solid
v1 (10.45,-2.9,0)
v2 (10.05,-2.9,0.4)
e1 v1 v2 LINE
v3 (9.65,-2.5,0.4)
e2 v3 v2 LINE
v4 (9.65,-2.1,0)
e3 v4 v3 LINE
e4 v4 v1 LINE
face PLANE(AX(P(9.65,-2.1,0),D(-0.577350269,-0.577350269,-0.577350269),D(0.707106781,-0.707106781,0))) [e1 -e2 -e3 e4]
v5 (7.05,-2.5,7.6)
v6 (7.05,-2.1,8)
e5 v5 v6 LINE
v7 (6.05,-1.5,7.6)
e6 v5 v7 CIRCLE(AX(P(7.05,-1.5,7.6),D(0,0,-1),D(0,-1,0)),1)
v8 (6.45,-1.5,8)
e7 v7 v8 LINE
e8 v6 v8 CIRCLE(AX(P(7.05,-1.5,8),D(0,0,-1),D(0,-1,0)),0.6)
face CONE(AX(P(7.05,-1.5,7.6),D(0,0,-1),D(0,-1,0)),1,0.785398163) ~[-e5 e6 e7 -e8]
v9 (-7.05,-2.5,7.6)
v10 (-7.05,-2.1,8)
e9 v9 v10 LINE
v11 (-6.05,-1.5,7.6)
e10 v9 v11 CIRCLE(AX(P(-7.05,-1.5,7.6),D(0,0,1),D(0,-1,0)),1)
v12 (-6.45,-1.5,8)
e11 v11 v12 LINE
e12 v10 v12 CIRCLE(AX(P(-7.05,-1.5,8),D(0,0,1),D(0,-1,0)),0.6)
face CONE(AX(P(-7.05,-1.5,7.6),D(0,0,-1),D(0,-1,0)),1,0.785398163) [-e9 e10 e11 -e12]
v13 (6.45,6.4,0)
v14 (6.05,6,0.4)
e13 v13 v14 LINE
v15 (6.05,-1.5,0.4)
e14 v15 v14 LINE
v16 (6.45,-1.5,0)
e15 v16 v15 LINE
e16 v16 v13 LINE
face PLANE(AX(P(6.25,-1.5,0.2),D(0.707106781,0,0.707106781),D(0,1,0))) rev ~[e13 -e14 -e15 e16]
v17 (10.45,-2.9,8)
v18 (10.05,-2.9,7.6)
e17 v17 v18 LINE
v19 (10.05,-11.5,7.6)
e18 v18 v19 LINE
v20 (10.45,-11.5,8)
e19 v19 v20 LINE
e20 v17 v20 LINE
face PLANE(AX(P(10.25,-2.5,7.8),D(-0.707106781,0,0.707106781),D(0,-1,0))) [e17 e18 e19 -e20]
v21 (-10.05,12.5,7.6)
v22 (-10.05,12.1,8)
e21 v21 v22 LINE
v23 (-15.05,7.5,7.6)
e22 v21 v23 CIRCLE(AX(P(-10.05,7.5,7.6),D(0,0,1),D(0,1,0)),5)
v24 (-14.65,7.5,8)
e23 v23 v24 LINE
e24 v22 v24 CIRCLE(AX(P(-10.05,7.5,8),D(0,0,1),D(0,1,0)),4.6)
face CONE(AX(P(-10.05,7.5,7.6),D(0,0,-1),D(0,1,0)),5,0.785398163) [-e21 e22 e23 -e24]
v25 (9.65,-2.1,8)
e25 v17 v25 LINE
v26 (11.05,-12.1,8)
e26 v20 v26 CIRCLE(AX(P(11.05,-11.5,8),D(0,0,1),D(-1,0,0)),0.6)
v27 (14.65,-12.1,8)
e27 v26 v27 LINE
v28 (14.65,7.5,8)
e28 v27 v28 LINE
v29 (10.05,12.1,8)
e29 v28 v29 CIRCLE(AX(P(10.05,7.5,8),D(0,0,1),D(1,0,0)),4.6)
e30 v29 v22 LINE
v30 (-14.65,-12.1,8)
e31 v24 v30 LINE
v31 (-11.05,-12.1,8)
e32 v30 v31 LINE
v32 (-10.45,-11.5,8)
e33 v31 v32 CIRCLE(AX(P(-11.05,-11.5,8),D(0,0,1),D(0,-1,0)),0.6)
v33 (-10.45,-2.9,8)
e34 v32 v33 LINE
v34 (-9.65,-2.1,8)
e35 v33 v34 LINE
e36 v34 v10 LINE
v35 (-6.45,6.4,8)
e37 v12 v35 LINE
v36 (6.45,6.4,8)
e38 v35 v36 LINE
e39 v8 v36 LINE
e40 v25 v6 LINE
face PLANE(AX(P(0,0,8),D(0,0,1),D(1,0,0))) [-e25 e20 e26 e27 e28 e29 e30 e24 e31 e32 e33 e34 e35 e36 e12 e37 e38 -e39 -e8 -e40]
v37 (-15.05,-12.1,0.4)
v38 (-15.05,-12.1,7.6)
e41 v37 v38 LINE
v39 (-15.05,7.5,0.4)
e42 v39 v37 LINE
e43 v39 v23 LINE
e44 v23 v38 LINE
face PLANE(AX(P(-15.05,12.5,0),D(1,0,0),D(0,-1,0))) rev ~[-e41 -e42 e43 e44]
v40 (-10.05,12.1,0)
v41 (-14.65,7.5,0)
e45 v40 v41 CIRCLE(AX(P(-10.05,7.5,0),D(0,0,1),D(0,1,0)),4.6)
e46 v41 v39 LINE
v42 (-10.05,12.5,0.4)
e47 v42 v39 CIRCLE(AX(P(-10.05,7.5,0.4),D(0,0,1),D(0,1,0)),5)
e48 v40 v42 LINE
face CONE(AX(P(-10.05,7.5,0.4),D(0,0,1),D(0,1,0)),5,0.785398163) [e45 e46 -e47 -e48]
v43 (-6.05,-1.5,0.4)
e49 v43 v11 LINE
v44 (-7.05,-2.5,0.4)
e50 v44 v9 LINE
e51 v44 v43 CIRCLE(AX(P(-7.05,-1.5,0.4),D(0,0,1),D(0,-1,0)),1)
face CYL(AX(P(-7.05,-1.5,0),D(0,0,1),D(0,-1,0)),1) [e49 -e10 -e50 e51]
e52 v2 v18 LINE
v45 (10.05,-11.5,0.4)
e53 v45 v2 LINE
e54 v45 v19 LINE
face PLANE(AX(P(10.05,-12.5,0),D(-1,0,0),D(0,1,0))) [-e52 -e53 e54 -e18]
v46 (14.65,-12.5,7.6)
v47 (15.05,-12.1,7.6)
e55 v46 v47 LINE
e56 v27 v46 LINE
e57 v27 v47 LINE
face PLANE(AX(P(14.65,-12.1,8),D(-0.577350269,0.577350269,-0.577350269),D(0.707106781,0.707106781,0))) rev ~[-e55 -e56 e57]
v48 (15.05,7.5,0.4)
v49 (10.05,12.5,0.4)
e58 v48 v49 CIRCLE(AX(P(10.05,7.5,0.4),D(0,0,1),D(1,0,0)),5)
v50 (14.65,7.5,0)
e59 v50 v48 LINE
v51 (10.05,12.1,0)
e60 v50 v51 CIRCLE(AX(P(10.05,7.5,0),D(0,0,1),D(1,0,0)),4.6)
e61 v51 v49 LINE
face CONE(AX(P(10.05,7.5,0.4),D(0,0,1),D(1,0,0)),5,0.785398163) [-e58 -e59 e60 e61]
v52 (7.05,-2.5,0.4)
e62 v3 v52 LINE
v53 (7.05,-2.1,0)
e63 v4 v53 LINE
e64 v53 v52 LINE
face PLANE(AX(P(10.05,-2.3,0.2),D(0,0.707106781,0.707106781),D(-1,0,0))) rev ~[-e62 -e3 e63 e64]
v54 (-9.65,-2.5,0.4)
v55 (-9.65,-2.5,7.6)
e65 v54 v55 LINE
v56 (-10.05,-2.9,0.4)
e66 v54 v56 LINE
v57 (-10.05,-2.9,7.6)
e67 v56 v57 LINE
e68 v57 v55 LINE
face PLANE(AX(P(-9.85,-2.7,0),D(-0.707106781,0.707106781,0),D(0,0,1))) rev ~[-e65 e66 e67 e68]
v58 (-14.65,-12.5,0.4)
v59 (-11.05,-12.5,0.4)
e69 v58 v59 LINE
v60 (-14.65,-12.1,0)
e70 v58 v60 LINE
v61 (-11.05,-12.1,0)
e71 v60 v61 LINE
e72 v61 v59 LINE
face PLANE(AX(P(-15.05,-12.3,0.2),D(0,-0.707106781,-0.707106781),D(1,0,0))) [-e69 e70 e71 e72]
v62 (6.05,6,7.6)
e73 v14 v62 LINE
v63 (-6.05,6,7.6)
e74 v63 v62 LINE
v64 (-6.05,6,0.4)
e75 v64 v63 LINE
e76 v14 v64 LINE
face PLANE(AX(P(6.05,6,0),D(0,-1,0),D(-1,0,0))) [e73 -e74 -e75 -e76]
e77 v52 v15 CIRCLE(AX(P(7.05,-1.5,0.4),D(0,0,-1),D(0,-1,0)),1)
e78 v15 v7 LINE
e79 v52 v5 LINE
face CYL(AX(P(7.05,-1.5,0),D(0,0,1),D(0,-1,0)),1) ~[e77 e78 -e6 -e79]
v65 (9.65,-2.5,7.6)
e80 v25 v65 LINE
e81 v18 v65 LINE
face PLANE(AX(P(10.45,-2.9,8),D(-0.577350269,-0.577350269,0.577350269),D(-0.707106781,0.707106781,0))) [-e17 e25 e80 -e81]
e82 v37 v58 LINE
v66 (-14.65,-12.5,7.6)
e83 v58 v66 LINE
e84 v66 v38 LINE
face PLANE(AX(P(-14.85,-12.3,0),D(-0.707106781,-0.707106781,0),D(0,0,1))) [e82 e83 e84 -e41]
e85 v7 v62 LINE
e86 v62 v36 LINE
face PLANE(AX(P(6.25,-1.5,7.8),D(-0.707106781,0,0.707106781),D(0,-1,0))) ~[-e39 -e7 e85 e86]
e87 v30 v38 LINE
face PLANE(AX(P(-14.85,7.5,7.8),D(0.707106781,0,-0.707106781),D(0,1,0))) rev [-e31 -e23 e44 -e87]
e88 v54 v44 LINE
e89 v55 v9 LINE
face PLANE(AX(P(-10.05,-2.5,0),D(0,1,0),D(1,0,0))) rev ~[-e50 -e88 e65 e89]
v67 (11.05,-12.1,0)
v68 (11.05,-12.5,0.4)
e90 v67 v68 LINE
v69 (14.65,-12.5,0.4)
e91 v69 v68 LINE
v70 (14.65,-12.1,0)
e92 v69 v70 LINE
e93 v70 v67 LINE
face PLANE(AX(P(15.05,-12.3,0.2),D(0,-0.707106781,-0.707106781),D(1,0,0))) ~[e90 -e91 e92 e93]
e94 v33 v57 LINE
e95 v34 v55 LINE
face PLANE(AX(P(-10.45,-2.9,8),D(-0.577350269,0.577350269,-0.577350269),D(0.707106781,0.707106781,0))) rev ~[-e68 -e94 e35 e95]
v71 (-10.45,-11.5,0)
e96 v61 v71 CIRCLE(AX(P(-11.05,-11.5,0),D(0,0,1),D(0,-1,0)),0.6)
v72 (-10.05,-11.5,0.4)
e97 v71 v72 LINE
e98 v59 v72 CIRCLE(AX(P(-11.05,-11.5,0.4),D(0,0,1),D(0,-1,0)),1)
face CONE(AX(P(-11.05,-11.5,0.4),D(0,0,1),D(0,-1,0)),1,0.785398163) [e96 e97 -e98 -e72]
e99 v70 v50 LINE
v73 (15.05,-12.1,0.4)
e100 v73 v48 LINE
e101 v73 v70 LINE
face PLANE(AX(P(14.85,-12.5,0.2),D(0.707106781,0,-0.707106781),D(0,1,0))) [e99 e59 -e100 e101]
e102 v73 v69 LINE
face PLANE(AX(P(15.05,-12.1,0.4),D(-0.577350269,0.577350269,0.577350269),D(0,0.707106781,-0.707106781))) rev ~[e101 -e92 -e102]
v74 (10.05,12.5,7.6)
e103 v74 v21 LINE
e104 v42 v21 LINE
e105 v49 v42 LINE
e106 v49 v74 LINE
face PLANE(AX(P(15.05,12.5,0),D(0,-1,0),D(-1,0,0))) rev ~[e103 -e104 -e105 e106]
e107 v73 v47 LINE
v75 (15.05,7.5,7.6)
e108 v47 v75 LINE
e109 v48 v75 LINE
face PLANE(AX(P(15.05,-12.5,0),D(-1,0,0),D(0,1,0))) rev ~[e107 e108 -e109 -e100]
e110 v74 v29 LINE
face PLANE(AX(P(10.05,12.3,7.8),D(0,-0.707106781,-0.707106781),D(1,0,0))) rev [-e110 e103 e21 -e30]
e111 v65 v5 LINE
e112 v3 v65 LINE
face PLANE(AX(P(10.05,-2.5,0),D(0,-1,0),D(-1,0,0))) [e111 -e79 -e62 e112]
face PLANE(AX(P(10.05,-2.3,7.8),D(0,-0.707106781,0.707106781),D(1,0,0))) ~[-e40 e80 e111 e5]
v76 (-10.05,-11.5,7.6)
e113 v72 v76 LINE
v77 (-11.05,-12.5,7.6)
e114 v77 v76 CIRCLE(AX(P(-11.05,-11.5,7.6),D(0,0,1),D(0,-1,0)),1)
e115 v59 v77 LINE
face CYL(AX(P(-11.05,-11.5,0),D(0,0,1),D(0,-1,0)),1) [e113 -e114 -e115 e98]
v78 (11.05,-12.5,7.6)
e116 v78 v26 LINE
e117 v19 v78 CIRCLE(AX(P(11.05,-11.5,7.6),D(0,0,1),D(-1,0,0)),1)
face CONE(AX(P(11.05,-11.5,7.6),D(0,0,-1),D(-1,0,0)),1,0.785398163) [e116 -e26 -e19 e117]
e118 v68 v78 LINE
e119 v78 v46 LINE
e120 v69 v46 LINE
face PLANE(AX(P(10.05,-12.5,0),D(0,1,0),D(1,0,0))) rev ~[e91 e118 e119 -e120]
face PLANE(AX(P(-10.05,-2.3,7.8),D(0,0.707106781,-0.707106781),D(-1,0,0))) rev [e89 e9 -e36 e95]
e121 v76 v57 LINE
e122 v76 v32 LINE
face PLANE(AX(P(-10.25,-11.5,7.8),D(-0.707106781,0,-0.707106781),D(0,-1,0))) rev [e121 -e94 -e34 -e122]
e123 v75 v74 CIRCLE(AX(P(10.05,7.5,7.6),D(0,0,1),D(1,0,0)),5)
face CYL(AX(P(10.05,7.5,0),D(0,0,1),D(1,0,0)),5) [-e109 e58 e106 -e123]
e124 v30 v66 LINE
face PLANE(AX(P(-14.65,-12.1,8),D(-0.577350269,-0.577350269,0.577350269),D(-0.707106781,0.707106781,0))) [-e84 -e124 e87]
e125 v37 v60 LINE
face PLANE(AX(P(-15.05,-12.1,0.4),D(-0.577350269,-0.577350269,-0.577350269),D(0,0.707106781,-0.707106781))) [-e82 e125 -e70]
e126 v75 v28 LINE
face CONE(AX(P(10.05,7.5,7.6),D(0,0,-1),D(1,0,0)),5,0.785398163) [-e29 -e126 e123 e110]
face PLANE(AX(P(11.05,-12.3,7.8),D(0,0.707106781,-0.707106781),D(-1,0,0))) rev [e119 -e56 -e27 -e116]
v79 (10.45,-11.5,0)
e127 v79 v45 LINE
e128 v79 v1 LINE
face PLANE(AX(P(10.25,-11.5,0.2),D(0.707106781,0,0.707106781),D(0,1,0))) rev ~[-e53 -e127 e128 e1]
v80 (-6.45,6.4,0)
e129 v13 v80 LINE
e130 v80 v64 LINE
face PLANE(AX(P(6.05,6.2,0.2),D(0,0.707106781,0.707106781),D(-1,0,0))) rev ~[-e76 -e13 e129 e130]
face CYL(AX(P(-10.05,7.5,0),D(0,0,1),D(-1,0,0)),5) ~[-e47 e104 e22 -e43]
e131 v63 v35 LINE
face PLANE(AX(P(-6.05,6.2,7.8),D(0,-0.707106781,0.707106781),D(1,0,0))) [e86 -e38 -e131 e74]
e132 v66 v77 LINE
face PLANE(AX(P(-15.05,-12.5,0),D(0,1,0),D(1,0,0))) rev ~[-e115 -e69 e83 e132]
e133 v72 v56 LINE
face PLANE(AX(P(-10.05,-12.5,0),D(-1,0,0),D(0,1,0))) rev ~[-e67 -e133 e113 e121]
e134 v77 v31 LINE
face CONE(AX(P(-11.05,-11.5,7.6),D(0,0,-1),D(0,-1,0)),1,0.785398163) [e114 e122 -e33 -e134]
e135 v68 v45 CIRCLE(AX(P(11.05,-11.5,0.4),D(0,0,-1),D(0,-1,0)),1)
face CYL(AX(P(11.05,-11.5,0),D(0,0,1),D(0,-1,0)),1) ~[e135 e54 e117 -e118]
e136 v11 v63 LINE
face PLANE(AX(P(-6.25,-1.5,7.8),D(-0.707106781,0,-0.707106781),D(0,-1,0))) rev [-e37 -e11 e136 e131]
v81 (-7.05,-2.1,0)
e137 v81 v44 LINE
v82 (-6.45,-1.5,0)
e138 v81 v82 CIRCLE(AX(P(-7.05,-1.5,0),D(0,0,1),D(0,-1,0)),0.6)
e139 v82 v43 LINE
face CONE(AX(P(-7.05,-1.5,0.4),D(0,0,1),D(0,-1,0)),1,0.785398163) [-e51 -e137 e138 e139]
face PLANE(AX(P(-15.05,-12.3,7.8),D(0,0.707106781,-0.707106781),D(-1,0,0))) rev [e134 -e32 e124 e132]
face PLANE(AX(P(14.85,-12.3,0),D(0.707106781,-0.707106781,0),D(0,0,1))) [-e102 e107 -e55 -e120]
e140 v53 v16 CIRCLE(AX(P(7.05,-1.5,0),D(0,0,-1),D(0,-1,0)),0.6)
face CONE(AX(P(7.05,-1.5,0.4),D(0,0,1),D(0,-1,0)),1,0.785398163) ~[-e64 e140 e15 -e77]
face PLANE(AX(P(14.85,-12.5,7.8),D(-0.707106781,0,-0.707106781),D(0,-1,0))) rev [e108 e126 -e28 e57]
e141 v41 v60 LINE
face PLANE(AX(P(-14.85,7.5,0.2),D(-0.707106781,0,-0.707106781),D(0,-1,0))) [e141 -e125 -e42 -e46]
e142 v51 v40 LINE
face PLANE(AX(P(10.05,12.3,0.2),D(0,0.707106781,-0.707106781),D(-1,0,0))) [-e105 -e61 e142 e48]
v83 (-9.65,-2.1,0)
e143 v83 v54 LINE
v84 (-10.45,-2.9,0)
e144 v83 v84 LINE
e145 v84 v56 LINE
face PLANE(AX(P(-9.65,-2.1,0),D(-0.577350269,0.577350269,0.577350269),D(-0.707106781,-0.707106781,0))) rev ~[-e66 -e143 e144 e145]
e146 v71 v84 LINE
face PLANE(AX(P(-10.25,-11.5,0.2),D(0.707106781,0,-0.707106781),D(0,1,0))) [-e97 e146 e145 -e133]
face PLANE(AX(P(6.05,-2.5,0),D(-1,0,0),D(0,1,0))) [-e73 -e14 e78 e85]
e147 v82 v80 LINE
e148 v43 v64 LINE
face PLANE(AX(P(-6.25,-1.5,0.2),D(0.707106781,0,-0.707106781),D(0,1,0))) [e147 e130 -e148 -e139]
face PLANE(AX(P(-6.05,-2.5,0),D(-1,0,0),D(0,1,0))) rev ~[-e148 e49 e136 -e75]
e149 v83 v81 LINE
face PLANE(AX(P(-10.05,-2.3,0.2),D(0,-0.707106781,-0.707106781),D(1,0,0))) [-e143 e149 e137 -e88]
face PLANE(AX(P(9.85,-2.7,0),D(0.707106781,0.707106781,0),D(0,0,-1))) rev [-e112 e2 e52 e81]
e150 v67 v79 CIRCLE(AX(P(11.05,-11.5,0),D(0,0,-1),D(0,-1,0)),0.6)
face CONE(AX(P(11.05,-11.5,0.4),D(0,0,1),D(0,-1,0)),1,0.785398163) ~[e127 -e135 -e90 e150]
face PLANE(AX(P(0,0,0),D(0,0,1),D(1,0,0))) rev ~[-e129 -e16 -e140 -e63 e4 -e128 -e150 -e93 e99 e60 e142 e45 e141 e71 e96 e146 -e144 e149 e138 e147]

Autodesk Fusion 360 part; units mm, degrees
sketch "Sketch1" plane through (0, 0, 0) normal (0, 0, 1) x (1, 0, 0)
  line L0 (15.05, 12.5) -> (-15.05, 12.5)
  line L1 (-15.05, 12.5) -> (-15.05, -12.5)
  line L2 (-15.05, -12.5) -> (15.05, -12.5)
  line L3 (15.05, -12.5) -> (15.05, 12.5)
  line L4 (15.05, 12.5) -> (-15.05, -12.5) construction
  line L5 (-15.05, 12.5) -> (15.05, -12.5) construction
  line L6 (-10.05, -12.5) -> (-10.05, -2.5)
  line L7 (-10.05, -2.5) -> (-6.05, -2.5)
  line L8 (0, 12.5) -> (0, -12.5) construction
  line L9 (-6.05, -2.5) -> (-6.05, 6)
  line L10 (-6.05, 6) -> (0, 6)
  line L11 (10.05, -12.5) -> (10.05, -2.5)
  line L12 (10.05, -2.5) -> (6.05, -2.5)
  line L13 (6.05, -2.5) -> (6.05, 6)
  line L14 (6.05, 6) -> (0, 6)
  dimension "d2" = 25
  dimension "d3" = 10.05
  dimension "d4" = 10
  dimension "d5" = 6.05
  dimension "d6" = 8.5
  dimension "d12" = 5
extrude "Extrude1" add sketch "Sketch1" along normal blind 8 contours L0 L1 L2 L3 L6 L7 L9 L10 L11 L12 L13 L14
fillet "Fillet1" radius 5 2 edges at (-15.05, 12.5, 4) (15.05, 12.5, 4)
fillet "Fillet2" radius 1 4 edges at (-10.05, -12.5, 4) (-6.05, -2.5, 4) (6.05, -2.5, 4) (10.05, -12.5, 4)
chamfer "Chamfer2" distance 0.4 angle 45 40 edges at (6.05, 2.25, 0) (6.3429, -2.2071, 0) (8.55, -2.5, 0) (0, 6, 0) (-8.55, -2.5, 0) (-6.3429, -2.2071, 0) (-6.05, 2.25, 0) (-13.05, -12.5, 0) (-10.3429, -12.2071, 0) (-10.05, -7, 0) (10.05, -7, 0) (10.3429, -12.2071, 0) (13.05, -12.5, 0) (15.05, -12.5, 4) (13.05, -12.5, 8) (10.3429, -12.2071, 8) (10.05, -7, 8) (-15.05, -12.5, 4) (-10.05, -7, 8) (-10.3429, -12.2071, 8) (-13.05, -12.5, 8) (-6.05, 2.25, 8) (-6.3429, -2.2071, 8) (-8.55, -2.5, 8) (0, 6, 8) (8.55, -2.5, 8) (6.3429, -2.2071, 8) (6.05, 2.25, 8) (15.05, -2.5, 8) (13.5855, 11.0355, 8) (0, 12.5, 8) (-13.5855, 11.0355, 8) (-15.05, -2.5, 8) (15.05, -2.5, 0) (13.5855, 11.0355, 0) (0, 12.5, 0) (-13.5855, 11.0355, 0) (-15.05, -2.5, 0) (-10.05, -2.5, 4) (10.05, -2.5, 4)
